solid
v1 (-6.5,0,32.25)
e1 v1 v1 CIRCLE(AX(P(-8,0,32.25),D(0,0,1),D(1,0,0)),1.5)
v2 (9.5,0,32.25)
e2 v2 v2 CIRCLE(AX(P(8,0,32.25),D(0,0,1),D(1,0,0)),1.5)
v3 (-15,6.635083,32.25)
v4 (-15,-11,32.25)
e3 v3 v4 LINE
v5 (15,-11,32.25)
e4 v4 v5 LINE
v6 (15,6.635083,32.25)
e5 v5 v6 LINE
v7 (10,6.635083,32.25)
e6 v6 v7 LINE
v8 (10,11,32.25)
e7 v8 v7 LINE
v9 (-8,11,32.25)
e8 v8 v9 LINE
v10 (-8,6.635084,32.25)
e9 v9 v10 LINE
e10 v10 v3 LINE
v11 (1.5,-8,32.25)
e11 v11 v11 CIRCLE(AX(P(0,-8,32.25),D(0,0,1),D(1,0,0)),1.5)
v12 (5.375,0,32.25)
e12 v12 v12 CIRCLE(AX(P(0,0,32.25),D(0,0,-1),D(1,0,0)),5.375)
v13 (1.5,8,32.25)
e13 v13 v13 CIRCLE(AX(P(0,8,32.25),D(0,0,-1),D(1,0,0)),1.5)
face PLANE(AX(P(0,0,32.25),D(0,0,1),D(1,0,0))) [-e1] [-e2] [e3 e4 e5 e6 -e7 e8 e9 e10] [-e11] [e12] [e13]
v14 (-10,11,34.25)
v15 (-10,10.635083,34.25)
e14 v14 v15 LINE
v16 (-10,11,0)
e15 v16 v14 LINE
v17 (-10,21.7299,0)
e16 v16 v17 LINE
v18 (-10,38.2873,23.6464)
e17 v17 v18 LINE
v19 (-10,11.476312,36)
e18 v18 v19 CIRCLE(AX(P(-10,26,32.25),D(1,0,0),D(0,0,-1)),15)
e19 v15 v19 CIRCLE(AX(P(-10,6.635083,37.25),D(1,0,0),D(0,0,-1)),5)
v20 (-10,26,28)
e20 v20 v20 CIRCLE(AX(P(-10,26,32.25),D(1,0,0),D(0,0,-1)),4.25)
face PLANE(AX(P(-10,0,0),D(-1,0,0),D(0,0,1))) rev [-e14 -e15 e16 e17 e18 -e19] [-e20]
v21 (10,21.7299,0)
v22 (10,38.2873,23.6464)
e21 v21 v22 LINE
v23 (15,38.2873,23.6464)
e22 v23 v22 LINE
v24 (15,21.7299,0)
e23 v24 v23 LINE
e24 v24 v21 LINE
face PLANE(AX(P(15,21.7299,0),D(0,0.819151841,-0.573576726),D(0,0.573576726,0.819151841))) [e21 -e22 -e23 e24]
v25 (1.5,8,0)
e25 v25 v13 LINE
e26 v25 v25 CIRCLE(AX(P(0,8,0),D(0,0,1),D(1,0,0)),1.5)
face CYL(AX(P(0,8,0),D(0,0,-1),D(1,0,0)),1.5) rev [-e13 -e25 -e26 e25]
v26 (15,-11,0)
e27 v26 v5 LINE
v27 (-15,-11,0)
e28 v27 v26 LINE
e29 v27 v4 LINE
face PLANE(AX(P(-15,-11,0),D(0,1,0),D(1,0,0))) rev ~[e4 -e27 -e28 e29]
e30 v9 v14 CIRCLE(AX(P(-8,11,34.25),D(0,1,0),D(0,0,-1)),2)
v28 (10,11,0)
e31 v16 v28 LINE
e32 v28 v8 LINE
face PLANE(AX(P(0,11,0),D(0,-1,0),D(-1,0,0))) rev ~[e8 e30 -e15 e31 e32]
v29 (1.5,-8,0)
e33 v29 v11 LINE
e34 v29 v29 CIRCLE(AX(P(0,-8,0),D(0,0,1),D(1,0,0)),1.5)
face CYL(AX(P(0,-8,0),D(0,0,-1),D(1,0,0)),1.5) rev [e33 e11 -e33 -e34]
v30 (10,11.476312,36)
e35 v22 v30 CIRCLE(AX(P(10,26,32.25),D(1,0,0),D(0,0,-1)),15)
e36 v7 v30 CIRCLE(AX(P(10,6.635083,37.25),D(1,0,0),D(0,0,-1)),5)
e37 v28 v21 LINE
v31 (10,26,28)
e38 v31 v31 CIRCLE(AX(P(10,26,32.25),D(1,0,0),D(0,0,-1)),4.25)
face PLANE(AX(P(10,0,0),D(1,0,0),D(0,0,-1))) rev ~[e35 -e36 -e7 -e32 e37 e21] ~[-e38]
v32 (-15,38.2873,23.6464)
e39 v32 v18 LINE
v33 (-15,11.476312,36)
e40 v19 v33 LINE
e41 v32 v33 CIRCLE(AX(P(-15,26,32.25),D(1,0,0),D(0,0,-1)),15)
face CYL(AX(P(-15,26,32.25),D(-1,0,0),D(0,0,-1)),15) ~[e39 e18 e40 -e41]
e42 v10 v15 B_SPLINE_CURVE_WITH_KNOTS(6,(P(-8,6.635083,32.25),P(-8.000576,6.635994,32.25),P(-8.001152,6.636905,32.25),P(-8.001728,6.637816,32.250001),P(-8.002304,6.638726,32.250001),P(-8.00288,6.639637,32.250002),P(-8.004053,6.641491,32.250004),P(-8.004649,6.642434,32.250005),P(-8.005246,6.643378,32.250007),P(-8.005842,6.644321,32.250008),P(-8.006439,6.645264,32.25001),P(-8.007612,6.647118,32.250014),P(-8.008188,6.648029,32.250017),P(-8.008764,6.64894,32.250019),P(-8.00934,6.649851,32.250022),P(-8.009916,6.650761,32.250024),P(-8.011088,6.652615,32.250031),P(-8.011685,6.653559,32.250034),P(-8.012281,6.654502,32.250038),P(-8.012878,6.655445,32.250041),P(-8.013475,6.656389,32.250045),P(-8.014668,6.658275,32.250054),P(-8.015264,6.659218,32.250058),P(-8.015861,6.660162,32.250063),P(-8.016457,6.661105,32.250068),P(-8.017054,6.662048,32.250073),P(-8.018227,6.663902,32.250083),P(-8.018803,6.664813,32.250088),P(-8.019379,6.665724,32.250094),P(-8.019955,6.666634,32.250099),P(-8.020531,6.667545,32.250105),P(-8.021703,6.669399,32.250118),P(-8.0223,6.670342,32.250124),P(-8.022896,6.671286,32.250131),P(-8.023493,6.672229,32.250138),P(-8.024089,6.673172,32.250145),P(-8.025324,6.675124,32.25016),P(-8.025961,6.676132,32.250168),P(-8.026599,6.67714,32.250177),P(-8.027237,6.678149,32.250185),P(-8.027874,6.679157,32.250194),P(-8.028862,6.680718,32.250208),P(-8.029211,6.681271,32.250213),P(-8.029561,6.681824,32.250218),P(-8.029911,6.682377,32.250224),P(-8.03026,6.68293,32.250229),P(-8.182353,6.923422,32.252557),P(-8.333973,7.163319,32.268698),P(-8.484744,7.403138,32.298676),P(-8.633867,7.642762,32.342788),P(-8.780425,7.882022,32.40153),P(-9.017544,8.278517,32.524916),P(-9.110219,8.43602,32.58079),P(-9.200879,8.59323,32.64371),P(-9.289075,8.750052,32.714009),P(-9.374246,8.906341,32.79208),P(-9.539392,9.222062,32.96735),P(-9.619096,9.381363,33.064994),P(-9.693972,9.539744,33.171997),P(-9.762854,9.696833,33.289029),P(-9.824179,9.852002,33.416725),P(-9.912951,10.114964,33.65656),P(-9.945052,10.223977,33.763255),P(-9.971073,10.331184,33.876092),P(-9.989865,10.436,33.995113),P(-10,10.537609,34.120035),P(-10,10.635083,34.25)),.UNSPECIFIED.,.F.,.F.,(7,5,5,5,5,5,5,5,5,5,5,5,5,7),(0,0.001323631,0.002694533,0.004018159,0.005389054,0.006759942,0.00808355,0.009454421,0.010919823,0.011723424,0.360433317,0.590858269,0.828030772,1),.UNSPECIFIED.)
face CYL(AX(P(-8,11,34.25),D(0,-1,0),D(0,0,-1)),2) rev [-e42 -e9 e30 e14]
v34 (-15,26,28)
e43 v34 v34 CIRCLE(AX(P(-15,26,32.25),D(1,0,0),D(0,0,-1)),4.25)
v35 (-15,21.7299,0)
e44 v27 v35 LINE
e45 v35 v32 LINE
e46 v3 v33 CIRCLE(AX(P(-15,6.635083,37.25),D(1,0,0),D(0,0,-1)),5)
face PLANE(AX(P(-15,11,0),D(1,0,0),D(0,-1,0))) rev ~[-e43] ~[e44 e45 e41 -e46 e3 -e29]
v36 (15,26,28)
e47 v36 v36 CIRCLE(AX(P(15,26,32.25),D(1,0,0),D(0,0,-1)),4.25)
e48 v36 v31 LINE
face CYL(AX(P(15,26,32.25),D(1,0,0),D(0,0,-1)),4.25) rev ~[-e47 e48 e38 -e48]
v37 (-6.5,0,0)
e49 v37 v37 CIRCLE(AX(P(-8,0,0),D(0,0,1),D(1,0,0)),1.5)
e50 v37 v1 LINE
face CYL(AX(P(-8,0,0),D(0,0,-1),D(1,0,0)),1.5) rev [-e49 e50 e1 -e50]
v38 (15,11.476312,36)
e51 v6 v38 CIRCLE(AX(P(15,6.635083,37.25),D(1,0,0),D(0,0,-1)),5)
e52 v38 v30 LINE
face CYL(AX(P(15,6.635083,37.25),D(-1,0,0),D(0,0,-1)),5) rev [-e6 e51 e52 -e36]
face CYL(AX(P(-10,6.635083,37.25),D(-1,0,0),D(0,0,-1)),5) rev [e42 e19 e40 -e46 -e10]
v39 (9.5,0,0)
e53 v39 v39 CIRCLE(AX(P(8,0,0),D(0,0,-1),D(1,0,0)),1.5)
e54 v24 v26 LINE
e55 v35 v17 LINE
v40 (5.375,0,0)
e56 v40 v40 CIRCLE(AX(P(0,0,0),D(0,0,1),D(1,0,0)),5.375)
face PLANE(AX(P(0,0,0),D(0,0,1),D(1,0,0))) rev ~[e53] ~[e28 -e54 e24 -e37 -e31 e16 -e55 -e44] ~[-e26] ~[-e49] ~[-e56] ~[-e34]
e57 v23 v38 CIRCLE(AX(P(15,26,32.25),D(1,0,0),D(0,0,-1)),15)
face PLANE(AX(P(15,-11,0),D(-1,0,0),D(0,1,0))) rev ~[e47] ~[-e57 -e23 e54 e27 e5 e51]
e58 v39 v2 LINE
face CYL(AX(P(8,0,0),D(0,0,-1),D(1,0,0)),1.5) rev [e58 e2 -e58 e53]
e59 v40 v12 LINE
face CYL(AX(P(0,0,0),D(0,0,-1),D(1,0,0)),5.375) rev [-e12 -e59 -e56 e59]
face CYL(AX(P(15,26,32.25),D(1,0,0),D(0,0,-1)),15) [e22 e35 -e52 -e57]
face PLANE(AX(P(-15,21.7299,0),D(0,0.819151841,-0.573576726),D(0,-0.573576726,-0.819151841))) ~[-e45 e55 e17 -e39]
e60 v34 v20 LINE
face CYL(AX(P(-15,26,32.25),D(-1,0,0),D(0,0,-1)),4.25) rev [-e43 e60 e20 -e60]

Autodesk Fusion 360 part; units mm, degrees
sketch "Sketch1" plane through (0, 0, 0) normal (0, 0, 1) x (1, 0, 0)
  circle A0 centre (0, 0) radius 5.375
  line L0 (0, 0) -> (0, 45)
  line L1 (0, 0) -> (55, 0)
  line L2 (-15, -11) -> (15, -11)
  line L3 (15, -11) -> (15, 11)
  line L4 (15, 11) -> (-15, 11)
  line L5 (-15, 11) -> (-15, -11)
  circle A1 centre (0, 8) radius 1.5
  circle A2 centre (-8, 0) radius 1.5
  circle A3 centre (0, -8) radius 1.5
  circle A4 centre (8, 0) radius 1.5
  dimension "d5" = 10.75
  dimension "d9" = 3
  dimension "d10" = 8
  dimension "d12" = 360
  dimension "d14" = 3
  dimension "d27" = 30
extrude "Extrude1" add sketch "Sketch1" along normal blind 32.25 contours A0 L0 L1 L2 L3 L4 L5 A1 A4 | A0 L0 L1 L3 L4 A1 A4
sketch "Sketch2" plane through (15, 0, 0) normal (1, 0, 0) x (0, 0, -1)
  line L0 (0, -11) -> (0, 11)
  line L1 (0, 11) -> (-32.25, 11)
  line L2 (-32.25, 11) -> (-32.25, -11)
  line L3 (-32.25, -11) -> (0, -11)
  circle A0 centre (-32.25, 26) radius 4.25
  circle A1 centre (-32.25, 26) radius 15
  line L4 (0, 11) -> (0, 21.7299)
  line L5 (0, 21.7299) -> (-23.6464, 38.2873)
  dimension "d20" = 8.5
  dimension "d21" = 15
  dimension "d28" = 30
  dimension "d34" = 125
extrude "Extrude2" add sketch "Sketch2" against normal blind 5 contours L1 A1 L4 L5 | A1
ref_plane "WorkPlane1" through (0, 16.75, 24.9478) normal (1, 0, 0) x (0, 1, 0)
mirror "Mirror1" about plane through (0, 16.75, 24.9478) normal (1, 0, 0) of "Extrude2"
fillet "Fillet1" radius 5 2 edges at (-12.5, 11, 32.25) (12.5, 11, 32.25)
fillet "Fillet2" radius 2 1 edges at (-10, 8.8175, 32.25)
equation "Screw_Nut_Dia = 10 mm"
equation "Screw_Nut_bolt_Dia = 3 mm"
equation "Screw_Nut_Bolt_Pattern = 16 mm"
equation "d5 = Screw_Nut_Dia + 0.75 mm"
equation "d9 = Screw_Nut_bolt_Dia"
equation "d10 = Screw_Nut_Bolt_Pattern / 2"
equation "d13 = Screw_Nut_bolt_Dia"
equation "d14 = d13"
equation "d28 = 22 mm + 8 mm"
equation "d34 = 180 deg - 55 deg"
